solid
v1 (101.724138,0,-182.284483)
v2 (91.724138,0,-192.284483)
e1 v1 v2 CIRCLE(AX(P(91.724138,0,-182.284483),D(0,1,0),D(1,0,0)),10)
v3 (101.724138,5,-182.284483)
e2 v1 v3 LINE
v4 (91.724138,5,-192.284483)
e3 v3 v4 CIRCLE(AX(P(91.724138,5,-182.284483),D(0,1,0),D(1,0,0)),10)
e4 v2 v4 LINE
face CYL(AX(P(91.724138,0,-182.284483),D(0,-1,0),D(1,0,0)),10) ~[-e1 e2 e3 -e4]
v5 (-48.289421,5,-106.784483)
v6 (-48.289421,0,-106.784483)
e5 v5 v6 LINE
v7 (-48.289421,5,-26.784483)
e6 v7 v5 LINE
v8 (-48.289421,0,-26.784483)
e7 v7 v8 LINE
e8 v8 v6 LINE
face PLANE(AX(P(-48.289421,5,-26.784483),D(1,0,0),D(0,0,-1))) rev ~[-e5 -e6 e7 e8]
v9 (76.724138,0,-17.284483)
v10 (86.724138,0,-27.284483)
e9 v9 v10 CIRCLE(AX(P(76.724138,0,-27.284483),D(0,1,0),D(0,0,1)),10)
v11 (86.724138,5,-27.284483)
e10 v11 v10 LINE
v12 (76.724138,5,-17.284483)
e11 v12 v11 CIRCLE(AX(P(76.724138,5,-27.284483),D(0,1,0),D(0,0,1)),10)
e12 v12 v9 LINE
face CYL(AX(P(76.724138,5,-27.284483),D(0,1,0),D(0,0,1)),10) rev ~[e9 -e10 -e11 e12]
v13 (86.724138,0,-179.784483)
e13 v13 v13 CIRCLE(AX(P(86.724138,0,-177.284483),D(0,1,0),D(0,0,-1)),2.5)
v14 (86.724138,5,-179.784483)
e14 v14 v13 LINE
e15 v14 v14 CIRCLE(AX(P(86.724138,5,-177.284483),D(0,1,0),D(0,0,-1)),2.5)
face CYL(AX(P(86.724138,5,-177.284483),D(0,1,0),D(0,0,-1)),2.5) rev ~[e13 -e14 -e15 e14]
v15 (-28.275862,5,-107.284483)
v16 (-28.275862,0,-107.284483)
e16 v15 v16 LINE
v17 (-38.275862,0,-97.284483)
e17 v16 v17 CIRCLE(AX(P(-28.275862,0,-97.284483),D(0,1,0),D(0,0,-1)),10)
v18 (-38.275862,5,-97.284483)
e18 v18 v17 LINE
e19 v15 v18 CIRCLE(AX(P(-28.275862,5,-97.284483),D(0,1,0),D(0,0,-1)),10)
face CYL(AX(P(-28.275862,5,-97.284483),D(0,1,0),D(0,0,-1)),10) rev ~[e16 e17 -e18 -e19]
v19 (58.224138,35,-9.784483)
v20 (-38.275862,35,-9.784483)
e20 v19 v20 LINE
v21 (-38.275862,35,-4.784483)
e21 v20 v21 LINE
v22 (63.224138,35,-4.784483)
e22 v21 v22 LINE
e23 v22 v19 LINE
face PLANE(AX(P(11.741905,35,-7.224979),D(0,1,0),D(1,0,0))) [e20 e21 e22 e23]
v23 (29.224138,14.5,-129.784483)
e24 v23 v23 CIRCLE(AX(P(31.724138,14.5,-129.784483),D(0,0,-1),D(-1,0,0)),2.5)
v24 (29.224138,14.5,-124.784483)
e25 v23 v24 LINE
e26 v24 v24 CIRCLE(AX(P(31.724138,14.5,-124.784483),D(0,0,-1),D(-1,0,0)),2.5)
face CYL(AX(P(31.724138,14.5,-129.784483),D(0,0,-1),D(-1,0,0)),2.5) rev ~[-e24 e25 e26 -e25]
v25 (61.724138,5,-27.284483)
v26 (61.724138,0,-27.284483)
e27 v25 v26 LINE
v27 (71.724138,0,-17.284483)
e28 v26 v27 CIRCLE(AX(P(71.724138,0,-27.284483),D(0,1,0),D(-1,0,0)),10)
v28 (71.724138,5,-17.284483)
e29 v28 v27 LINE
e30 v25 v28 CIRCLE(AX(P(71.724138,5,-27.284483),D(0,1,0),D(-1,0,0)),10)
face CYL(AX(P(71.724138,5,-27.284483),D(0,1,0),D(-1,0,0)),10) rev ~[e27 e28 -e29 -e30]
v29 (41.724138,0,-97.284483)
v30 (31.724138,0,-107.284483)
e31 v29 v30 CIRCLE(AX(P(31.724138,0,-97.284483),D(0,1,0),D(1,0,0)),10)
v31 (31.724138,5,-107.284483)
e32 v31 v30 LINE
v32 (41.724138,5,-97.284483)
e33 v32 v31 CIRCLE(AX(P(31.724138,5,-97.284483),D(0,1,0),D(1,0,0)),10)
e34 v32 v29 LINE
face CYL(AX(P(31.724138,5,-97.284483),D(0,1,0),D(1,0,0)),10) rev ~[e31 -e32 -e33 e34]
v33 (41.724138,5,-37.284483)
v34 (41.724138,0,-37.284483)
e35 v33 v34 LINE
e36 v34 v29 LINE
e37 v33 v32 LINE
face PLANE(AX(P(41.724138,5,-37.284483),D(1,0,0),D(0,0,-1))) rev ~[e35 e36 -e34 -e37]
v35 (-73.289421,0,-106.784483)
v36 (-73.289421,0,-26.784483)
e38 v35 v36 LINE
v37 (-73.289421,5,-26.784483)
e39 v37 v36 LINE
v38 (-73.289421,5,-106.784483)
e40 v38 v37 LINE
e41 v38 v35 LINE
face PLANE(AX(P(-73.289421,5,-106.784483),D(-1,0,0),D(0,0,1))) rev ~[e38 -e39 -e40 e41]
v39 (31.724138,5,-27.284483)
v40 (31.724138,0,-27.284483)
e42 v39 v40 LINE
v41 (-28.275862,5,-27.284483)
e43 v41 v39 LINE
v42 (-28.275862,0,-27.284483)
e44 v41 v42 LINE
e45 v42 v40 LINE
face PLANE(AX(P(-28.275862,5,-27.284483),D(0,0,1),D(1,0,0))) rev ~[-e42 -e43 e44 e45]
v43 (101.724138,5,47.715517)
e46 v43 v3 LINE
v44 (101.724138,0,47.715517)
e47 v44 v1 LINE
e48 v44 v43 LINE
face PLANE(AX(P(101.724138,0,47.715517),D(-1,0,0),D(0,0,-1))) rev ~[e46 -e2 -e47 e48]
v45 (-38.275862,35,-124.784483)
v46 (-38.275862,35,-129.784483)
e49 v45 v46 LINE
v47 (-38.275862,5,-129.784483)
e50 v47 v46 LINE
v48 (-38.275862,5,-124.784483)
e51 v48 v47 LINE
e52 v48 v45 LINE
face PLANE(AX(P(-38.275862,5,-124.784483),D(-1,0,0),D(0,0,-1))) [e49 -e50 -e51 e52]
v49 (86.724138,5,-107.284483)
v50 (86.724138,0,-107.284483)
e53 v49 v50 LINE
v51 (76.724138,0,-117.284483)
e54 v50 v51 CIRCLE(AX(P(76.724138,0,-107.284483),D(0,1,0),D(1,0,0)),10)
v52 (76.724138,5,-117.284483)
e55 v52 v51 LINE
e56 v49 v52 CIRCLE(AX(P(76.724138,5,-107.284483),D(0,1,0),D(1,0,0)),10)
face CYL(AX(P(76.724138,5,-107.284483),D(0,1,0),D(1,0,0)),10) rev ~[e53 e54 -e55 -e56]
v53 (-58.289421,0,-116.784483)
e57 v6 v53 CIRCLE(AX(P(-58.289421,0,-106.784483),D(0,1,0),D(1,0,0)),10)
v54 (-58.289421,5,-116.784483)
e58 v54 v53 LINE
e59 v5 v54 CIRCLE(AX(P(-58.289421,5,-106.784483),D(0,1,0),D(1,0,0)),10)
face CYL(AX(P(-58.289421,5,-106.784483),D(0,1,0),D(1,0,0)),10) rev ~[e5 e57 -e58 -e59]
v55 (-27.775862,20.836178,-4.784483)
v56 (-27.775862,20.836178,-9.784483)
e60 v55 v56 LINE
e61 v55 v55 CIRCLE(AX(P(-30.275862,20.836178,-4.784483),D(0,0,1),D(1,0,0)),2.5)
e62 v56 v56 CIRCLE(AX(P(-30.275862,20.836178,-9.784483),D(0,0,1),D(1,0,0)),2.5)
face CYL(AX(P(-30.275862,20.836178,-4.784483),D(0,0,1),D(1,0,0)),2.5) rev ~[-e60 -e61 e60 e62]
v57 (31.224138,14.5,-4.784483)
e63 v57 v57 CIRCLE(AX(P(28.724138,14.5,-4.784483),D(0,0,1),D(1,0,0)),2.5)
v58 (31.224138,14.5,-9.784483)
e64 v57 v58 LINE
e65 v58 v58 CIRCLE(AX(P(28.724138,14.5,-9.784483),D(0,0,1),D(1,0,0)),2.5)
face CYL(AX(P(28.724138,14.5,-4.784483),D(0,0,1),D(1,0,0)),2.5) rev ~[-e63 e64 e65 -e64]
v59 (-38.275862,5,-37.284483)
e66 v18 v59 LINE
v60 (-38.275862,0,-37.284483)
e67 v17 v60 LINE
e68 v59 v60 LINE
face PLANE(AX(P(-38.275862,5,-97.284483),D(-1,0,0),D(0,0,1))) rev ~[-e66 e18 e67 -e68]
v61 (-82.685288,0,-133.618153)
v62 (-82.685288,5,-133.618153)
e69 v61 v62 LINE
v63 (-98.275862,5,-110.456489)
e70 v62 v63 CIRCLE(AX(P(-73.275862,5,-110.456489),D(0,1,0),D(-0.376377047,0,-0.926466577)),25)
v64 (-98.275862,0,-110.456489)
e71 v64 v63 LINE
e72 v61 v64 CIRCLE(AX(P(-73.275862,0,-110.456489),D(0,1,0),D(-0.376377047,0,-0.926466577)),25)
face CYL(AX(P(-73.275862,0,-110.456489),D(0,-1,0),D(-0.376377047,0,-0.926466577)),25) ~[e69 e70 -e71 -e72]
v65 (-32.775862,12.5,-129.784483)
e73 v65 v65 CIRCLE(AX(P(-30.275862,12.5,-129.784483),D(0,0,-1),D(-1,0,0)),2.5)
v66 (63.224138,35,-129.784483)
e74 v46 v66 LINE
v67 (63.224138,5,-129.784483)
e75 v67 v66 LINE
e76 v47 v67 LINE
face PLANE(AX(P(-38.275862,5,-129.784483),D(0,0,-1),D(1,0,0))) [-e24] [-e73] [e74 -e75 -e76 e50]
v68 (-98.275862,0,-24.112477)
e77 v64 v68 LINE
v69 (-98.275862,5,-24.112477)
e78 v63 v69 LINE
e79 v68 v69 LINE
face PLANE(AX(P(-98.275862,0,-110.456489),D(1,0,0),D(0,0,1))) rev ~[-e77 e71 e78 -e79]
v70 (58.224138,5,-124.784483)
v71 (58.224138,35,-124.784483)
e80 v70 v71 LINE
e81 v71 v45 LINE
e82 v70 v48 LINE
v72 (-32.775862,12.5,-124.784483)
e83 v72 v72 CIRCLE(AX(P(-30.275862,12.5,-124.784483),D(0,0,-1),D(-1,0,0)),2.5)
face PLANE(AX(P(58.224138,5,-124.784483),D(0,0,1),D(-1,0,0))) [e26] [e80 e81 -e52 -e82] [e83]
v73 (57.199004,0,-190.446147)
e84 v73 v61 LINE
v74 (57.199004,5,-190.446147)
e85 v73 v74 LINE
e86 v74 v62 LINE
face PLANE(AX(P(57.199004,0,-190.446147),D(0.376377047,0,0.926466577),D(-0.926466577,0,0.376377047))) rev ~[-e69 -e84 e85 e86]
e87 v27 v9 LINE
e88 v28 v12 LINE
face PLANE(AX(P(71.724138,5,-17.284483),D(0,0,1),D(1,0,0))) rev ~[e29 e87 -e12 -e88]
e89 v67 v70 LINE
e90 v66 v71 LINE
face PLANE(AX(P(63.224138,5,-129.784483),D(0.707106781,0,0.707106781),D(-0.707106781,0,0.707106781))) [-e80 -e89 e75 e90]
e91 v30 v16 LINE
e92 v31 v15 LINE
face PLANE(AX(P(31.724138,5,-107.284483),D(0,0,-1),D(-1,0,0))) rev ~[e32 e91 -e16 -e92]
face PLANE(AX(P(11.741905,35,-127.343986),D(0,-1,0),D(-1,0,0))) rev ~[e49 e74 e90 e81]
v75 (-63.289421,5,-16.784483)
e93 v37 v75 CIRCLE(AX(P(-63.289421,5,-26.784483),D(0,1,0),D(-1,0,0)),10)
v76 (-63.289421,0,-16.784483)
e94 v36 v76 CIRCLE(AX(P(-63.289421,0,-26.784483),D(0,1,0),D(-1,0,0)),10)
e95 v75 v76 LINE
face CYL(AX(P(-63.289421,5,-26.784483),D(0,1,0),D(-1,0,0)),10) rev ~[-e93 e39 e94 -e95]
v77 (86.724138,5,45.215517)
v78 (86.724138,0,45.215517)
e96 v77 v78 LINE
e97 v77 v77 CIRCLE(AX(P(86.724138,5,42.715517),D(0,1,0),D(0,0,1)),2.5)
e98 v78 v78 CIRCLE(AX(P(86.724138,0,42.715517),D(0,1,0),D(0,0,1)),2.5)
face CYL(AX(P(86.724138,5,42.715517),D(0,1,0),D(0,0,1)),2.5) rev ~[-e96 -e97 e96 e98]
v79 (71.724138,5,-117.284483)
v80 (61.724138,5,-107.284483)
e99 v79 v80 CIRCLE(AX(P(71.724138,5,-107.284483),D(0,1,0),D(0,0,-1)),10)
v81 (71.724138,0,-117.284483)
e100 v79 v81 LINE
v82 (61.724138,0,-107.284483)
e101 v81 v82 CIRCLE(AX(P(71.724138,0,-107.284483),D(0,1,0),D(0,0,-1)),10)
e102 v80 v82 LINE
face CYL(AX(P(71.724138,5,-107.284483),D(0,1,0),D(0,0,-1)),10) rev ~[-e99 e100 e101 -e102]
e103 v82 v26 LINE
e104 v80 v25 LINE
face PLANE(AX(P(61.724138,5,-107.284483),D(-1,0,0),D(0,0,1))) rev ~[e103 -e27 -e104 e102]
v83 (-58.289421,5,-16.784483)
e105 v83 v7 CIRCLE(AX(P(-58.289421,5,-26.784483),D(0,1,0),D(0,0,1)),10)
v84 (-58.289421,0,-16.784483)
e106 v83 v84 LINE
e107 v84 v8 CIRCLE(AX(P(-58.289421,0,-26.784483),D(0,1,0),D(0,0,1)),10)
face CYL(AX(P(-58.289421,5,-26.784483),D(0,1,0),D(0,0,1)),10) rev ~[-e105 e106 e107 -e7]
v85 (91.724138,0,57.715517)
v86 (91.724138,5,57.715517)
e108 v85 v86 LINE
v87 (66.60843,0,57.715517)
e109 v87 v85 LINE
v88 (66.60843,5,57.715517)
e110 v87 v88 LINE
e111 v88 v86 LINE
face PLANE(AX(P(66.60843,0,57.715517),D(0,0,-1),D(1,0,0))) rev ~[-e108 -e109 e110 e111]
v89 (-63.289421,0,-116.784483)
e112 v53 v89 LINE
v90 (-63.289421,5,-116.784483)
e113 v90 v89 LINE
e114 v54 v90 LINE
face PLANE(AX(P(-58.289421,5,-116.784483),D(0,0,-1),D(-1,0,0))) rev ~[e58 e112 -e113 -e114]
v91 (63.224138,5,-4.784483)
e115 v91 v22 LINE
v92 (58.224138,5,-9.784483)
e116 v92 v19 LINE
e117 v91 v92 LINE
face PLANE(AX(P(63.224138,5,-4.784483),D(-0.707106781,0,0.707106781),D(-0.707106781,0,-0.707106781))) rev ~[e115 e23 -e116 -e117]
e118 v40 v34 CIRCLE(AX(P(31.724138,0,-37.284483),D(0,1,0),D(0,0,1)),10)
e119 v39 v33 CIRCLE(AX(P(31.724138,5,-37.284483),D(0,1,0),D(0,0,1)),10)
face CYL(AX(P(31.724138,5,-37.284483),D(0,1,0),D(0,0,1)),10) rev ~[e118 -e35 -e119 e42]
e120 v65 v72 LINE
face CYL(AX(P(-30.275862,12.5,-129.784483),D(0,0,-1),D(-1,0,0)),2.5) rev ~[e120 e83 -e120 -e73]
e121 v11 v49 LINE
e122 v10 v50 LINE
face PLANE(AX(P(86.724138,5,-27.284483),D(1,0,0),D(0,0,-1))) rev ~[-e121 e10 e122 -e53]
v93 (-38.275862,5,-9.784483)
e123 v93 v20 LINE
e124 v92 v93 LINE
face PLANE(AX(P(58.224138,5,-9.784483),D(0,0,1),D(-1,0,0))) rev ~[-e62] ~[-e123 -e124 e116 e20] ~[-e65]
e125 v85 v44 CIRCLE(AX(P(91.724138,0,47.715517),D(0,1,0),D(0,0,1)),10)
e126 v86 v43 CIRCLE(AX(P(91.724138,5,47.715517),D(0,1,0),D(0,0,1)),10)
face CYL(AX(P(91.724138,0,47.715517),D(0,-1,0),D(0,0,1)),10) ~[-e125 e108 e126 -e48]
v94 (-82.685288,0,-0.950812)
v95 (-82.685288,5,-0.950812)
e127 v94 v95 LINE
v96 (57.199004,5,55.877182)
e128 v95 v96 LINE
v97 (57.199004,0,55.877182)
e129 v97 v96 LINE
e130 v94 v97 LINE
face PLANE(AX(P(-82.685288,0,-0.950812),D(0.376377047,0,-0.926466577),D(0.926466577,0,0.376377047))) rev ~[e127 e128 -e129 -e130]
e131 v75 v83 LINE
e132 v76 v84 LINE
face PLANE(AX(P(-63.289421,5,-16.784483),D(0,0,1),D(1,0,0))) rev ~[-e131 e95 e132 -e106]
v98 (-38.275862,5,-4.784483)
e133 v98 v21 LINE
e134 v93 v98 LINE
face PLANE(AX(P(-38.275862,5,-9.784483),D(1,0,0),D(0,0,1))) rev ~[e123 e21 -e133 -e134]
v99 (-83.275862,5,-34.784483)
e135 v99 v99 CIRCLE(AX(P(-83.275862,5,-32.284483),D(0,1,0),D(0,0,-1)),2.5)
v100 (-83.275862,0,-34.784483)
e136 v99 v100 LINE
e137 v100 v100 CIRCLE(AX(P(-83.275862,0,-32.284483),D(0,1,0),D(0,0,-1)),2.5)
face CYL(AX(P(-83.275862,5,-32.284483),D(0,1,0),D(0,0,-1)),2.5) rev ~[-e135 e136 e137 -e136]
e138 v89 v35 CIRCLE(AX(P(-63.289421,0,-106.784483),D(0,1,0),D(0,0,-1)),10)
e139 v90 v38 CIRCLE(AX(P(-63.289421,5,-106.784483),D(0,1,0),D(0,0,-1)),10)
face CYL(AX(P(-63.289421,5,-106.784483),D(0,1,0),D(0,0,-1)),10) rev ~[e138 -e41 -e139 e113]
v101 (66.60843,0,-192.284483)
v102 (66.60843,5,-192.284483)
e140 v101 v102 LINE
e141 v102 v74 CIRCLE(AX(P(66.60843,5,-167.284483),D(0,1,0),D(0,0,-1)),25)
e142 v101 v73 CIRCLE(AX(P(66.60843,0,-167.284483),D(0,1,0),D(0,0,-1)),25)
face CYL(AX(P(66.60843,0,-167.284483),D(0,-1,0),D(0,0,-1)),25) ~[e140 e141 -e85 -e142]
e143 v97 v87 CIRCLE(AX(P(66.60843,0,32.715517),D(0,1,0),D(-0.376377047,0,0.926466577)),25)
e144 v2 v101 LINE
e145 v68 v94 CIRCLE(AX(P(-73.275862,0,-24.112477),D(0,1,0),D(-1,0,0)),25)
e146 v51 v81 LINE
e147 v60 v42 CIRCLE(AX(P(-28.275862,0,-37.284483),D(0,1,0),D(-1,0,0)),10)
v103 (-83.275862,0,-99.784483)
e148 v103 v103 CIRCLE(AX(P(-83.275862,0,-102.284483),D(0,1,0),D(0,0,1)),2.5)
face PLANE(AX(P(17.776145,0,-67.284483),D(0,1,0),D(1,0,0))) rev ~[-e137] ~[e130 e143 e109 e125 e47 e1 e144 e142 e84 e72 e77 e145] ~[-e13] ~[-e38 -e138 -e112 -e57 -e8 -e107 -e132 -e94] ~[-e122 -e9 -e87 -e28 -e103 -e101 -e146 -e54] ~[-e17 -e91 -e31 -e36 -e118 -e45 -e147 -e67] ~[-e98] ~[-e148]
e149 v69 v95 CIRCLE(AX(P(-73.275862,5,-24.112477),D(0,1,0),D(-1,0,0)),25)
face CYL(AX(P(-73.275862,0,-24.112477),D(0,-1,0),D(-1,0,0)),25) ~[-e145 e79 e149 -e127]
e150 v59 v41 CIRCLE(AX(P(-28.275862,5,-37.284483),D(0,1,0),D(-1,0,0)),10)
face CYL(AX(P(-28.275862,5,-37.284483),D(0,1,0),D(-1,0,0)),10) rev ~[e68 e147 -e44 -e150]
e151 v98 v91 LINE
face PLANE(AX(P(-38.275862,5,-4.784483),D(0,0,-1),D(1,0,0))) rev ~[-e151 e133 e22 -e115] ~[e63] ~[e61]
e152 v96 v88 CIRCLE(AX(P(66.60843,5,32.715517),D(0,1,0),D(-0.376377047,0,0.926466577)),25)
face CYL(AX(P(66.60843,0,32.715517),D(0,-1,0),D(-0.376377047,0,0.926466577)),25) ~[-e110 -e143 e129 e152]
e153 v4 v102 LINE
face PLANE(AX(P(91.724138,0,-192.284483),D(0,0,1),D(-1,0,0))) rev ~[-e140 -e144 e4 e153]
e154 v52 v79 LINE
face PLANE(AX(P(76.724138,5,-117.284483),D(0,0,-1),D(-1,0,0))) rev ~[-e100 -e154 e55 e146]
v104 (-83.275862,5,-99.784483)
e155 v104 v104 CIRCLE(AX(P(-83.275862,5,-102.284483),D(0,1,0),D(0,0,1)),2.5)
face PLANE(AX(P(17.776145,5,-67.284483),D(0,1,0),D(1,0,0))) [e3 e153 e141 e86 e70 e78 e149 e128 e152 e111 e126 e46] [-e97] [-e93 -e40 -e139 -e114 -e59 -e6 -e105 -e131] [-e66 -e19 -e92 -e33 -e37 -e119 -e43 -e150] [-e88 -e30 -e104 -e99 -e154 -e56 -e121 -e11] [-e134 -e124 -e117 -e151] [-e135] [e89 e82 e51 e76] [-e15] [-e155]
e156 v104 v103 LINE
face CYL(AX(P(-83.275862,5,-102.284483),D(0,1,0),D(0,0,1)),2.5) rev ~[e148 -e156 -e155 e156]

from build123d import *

# Parameters (mm, degrees)
RESSALTO_EXTRUS_O1_DEPTH = 5
ESBO_O2_R                = 2.5
CORTE_EXTRUS_O1_DEPTH    = 218.591641723
RESSALTO_EXTRUS_O2_DEPTH = 30
ESBO_O5_R                = 2.5
CORTE_EXTRUS_O2_DEPTH    = 5
ESBO_O6_R                = 2.5
CORTE_EXTRUS_O3_DEPTH    = 5
CORTE_EXTRUS_O4_DEPTH    = 10


with BuildPart() as part:
    # Esboço1 → Ressalto-extrusão1 (new body)
    with BuildSketch(Plane(origin=(0, 0, 0), x_dir=(1, 0, 0), z_dir=(0, 1, 0))):
        with BuildLine():
            Line((66.608430389, -57.715517241), (91.724137931, -57.715517241))
            ThreePointArc((91.724137931, -57.715517241), (98.795205743, -54.786585053), (101.724137931, -47.715517241))
            Line((101.724137931, -47.715517241), (101.724137931, 182.284482759))
            ThreePointArc((101.724137931, 182.284482759), (98.795205743, 189.35555057), (91.724137931, 192.284482759))
            Line((91.724137931, 192.284482759), (66.608430389, 192.284482759))
            ThreePointArc((66.608430389, 192.284482759), (61.814768465, 191.820595029), (57.199004215, 190.446147187))
            Line((57.199004215, 190.446147187), (-82.685288243, 133.618153375))
            ThreePointArc((-82.685288243, 133.618153375), (-94.015144293, 124.416509464), (-98.275862069, 110.456488947))
            Line((-98.275862069, 110.456488947), (-98.275862069, 24.11247657))
            ThreePointArc((-98.275862069, 24.11247657), (-94.015144293, 10.152456053), (-82.685288243, 0.950812142))
            Line((-82.685288243, 0.950812142), (57.199004215, -55.877181669))
            ThreePointArc((57.199004215, -55.877181669), (61.814768465, -57.251629512), (66.608430389, -57.715517241))
        make_face()
    extrude(amount=RESSALTO_EXTRUS_O1_DEPTH)

    # Esboço2 → Corte-extrusão1 (cut, through all)
    with BuildSketch(Plane(origin=(0, 5, 0), x_dir=(1, 0, 0), z_dir=(0, 1, 0))):
        with Locations(Location((-83.275862069, 102.284482759, 0), (0, 0, 270))):
            Circle(ESBO_O2_R)
        with Locations(Location((86.724137931, 177.284482759, 0), (0, 0, 90))):
            Circle(ESBO_O2_R)
        with Locations(Location((86.724137931, -42.715517241, 0), (0, 0, 270))):
            Circle(ESBO_O2_R)
        with Locations(Location((-83.275862069, 32.284482759, 0), (0, 0, 90))):
            Circle(ESBO_O2_R)
        with BuildLine():
            Line((31.724137931, 107.284482759), (-28.275862069, 107.284482759))
            ThreePointArc((-28.275862069, 107.284482759), (-35.346929881, 104.35555057), (-38.275862069, 97.284482759))
            Line((-38.275862069, 97.284482759), (-38.275862069, 37.284482759))
            ThreePointArc((-38.275862069, 37.284482759), (-35.346929881, 30.213414947), (-28.275862069, 27.284482759))
            Line((-28.275862069, 27.284482759), (31.724137931, 27.284482759))
            ThreePointArc((31.724137931, 27.284482759), (38.795205743, 30.213414947), (41.724137931, 37.284482759))
            Line((41.724137931, 37.284482759), (41.724137931, 97.284482759))
            ThreePointArc((41.724137931, 97.284482759), (38.795205743, 104.35555057), (31.724137931, 107.284482759))
        make_face()
    extrude(amount=-CORTE_EXTRUS_O1_DEPTH, mode=Mode.SUBTRACT)

    # Esboço4 → Ressalto-extrusão2 (add)
    with BuildSketch(Plane(origin=(0, 5, 0), x_dir=(1, 0, 0), z_dir=(0, 1, 0))):
        Polygon((58.224137931, 9.784482759), (-38.275862069, 9.784482759), (-38.275862069, 4.784482759), (63.224137931, 4.784482759), align=None)
        Polygon((58.224137931, 124.784482759), (-38.275862069, 124.784482759), (-38.275862069, 129.784482759), (63.224137931, 129.784482759), align=None)
    extrude(amount=RESSALTO_EXTRUS_O2_DEPTH)

    # Esboço5 → Corte-extrusão2 (cut)
    with BuildSketch(Plane.XY.offset(-4.784482759)):
        with Locations((-30.275862069, 20.836178243)):
            Circle(ESBO_O5_R)
        with Locations((28.724137931, 14.5)):
            Circle(ESBO_O5_R)
    extrude(amount=-CORTE_EXTRUS_O2_DEPTH, mode=Mode.SUBTRACT)

    # Esboço6 → Corte-extrusão3 (cut)
    with BuildSketch(Plane(origin=(0, 0, -129.784482759), x_dir=(-1, 0, 0), z_dir=(0, 0, -1))):
        with Locations((-31.724137931, 14.5)):
            Circle(ESBO_O6_R)
        with Locations((30.275862069, 12.5)):
            Circle(ESBO_O6_R)
    extrude(amount=-CORTE_EXTRUS_O3_DEPTH, mode=Mode.SUBTRACT)

    # Esboço7 → Corte-extrusão4 (cut)
    with BuildSketch(Plane(origin=(0, 5, 0), x_dir=(1, 0, 0), z_dir=(0, 1, 0))):
        with BuildLine():
            Line((76.724137931, 117.284482759), (71.724137931, 117.284482759))
            ThreePointArc((71.724137931, 117.284482759), (64.653070119, 114.35555057), (61.724137931, 107.284482759))
            Line((61.724137931, 107.284482759), (61.724137931, 27.284482759))
            ThreePointArc((61.724137931, 27.284482759), (64.653070119, 20.213414947), (71.724137931, 17.284482759))
            Line((71.724137931, 17.284482759), (76.724137931, 17.284482759))
            ThreePointArc((76.724137931, 17.284482759), (83.795205743, 20.213414947), (86.724137931, 27.284482759))
            Line((86.724137931, 27.284482759), (86.724137931, 107.284482759))
            ThreePointArc((86.724137931, 107.284482759), (83.795205743, 114.35555057), (76.724137931, 117.284482759))
        make_face()
        with BuildLine():
            Line((-58.289420658, 116.784482759), (-63.289420658, 116.784482759))
            ThreePointArc((-63.289420658, 116.784482759), (-70.36048847, 113.85555057), (-73.289420658, 106.784482759))
            Line((-73.289420658, 106.784482759), (-73.289420658, 26.784482759))
            ThreePointArc((-73.289420658, 26.784482759), (-70.36048847, 19.713414947), (-63.289420658, 16.784482759))
            Line((-63.289420658, 16.784482759), (-58.289420658, 16.784482759))
            ThreePointArc((-58.289420658, 16.784482759), (-51.218352846, 19.713414947), (-48.289420658, 26.784482759))
            Line((-48.289420658, 26.784482759), (-48.289420658, 106.784482759))
            ThreePointArc((-48.289420658, 106.784482759), (-51.218352846, 113.85555057), (-58.289420658, 116.784482759))
        make_face()
    extrude(amount=-CORTE_EXTRUS_O4_DEPTH, mode=Mode.SUBTRACT)


solid = part.part
